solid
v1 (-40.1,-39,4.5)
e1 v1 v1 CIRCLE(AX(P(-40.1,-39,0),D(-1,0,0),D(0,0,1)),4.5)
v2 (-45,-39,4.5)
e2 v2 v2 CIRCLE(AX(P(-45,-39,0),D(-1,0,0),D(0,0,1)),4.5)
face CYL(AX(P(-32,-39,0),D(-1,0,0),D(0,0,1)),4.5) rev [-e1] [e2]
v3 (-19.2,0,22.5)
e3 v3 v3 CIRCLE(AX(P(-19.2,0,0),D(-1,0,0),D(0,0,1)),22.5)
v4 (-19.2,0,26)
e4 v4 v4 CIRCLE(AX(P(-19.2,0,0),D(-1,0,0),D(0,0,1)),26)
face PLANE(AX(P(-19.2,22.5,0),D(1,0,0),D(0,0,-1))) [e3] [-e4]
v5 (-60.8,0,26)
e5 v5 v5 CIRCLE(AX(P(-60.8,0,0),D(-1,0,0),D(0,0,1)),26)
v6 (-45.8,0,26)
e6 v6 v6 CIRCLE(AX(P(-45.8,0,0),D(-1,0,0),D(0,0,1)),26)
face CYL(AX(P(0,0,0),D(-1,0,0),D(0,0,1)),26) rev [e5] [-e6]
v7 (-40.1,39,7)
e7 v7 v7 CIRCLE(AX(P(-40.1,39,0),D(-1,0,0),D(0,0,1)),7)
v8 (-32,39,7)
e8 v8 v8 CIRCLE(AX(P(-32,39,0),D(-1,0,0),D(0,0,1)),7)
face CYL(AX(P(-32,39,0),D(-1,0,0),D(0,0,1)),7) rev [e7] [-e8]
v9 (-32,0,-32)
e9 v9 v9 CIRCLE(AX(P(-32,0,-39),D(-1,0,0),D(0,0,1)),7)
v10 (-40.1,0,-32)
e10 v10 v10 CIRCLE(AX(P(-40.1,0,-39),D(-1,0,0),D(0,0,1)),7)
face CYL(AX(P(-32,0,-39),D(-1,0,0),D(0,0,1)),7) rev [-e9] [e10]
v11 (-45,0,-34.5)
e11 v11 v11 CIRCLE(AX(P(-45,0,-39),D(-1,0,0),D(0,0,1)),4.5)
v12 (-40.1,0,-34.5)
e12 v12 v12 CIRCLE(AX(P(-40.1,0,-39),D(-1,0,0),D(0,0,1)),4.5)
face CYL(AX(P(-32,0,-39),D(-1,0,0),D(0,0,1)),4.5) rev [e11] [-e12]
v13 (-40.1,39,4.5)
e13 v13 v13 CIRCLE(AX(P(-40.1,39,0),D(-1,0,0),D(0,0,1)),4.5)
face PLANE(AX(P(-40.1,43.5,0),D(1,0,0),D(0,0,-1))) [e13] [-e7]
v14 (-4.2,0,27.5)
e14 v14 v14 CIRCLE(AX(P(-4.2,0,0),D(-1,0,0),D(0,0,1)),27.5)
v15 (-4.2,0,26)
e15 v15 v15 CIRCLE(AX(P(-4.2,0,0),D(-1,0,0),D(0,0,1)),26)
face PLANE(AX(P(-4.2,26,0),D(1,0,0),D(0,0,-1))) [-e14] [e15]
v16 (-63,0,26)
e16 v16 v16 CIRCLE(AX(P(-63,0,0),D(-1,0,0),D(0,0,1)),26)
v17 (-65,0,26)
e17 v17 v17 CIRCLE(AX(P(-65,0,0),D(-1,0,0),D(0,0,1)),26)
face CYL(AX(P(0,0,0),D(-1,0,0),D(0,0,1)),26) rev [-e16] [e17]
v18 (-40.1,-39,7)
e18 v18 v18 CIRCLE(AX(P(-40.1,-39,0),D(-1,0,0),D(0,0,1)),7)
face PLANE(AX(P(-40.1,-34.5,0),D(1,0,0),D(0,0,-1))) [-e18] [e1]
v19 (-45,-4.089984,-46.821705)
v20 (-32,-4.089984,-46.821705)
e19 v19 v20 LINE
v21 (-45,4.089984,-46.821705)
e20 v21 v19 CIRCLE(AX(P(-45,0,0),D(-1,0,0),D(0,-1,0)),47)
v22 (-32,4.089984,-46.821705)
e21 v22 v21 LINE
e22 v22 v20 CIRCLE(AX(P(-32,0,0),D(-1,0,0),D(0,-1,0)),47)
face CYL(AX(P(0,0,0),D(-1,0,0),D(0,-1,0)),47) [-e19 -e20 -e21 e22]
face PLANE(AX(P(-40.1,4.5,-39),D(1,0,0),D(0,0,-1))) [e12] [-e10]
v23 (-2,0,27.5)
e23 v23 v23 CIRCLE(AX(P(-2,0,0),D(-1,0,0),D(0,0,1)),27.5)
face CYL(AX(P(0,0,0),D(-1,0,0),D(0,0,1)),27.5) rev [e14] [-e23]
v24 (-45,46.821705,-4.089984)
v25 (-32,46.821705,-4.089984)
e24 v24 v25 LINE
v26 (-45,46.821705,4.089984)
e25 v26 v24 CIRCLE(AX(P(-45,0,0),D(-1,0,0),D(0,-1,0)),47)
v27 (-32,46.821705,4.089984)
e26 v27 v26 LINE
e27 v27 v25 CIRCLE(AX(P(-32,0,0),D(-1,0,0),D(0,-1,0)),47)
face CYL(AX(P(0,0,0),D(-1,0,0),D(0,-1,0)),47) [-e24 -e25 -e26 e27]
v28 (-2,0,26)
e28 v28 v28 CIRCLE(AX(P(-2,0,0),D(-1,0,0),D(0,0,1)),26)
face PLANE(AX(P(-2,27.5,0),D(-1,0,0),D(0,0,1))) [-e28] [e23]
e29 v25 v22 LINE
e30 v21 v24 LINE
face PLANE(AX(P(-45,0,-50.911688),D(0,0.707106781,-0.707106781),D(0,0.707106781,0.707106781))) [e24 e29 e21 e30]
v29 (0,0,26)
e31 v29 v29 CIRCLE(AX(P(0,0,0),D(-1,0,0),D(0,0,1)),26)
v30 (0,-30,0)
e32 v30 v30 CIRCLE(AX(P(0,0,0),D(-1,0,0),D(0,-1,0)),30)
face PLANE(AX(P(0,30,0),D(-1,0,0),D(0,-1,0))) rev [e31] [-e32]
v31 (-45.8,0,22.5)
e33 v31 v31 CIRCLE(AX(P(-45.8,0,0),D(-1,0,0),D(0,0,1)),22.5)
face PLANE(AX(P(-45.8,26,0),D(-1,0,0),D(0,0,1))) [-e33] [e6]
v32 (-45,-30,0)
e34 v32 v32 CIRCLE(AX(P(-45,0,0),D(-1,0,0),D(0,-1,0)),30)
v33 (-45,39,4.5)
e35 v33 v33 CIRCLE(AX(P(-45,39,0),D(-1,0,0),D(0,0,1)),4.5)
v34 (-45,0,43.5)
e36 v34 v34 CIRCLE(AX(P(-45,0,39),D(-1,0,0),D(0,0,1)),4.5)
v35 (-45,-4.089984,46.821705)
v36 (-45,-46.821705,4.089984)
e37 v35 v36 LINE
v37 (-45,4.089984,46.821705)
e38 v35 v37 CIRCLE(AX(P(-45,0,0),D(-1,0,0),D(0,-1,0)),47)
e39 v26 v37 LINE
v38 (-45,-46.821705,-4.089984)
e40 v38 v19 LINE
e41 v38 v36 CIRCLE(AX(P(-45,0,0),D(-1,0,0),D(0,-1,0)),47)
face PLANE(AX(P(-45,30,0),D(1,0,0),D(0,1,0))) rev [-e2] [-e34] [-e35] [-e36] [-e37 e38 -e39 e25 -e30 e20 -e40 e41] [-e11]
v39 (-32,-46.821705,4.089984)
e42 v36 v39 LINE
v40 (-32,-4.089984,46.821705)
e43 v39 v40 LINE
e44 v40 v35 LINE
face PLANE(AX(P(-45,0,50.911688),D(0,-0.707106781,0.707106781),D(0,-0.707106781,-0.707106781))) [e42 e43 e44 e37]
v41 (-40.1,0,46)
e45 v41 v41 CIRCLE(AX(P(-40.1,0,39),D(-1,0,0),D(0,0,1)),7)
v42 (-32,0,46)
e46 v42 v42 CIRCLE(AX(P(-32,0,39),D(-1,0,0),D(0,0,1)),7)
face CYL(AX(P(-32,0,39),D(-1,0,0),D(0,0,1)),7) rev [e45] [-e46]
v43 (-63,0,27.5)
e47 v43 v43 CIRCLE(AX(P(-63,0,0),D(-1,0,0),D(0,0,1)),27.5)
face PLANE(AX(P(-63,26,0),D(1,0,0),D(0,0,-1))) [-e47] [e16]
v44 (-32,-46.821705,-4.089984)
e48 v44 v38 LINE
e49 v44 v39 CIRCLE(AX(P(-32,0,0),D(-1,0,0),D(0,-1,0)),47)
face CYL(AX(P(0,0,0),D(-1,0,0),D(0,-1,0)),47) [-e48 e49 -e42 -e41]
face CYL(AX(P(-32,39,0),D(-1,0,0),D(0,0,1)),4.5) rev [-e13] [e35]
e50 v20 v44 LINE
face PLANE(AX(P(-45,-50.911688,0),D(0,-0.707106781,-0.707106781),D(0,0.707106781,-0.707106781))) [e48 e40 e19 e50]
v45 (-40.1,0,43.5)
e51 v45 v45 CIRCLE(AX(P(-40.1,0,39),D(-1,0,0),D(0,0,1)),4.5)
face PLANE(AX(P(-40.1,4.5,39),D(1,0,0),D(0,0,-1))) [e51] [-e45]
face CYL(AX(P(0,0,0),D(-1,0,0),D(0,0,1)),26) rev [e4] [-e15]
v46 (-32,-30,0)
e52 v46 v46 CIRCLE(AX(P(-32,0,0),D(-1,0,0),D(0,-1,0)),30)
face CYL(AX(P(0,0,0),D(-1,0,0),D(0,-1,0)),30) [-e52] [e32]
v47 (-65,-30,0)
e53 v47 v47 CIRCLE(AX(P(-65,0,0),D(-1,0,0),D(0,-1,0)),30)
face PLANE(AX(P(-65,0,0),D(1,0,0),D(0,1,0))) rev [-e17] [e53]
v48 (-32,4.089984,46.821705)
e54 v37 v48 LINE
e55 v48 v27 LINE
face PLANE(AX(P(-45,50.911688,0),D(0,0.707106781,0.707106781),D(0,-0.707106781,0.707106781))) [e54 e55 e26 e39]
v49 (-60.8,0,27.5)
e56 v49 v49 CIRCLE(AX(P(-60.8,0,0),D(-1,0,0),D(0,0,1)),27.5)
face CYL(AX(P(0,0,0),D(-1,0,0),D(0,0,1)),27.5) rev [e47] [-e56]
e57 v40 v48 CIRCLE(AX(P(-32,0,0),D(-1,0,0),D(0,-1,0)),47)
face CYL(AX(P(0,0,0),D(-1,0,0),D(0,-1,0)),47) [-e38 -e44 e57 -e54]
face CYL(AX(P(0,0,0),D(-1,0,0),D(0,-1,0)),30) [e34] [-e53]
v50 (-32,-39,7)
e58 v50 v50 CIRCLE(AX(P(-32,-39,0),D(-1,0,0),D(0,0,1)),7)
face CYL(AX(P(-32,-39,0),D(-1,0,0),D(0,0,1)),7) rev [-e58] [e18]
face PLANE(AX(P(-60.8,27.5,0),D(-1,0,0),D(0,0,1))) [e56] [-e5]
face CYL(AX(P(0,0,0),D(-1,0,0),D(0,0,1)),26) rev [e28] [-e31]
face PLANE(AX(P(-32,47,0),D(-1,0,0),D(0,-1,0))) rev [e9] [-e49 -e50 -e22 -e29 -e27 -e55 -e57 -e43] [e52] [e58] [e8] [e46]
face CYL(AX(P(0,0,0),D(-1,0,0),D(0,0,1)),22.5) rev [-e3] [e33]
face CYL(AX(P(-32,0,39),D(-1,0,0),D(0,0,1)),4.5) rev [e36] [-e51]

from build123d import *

# Parameters (mm, degrees)
SKETCH7_R          = 72
CUT_EXTRUDE1_DEPTH = 13


with BuildPart() as part:
    # Sketch1 → Revolve1 (revolve)
    with BuildSketch(Plane.XY, mode=Mode.PRIVATE) as revolve1_sk:
        Polygon((-65, 0), (-65, 30), (-45, 30), (-45, 47), (-32, 47), (-32, 30), (0, 30), (0, 0), align=None)
    revolve(revolve1_sk.sketch.rotate(Axis((0, 0, 0), (-1, 0, 0)), 180), axis=Axis((0, 0, 0), (-1, 0, 0)))

    # Sketch2 → Cut-Revolve1 (revolve, cut)
    with BuildSketch(Plane.XY, mode=Mode.PRIVATE) as cut_revolve1_sk:
        Polygon((-65, 0), (-65, 26), (-63, 26), (-63, 27.5), (-60.8, 27.5), (-60.8, 26), (-45.8, 26), (-45.8, 22.5), (-19.2, 22.5), (-19.2, 26), (-4.2, 26), (-4.2, 27.5), (-2, 27.5), (-2, 26), (0, 26), (0, 0), align=None)
    revolve(cut_revolve1_sk.sketch.rotate(Axis((0, 0, 0), (-1, 0, 0)), 270), axis=Axis((0, 0, 0), (-1, 0, 0)), mode=Mode.SUBTRACT)

    # Sketch3 → Cut-Revolve2 (revolve, cut)
    with BuildSketch(Plane.XY, mode=Mode.PRIVATE) as cut_revolve2_sk:
        Polygon((-45, 39), (-45, 43.5), (-40.1, 43.5), (-40.1, 46), (-32, 46), (-32, 39), align=None)
    revolve(cut_revolve2_sk.sketch.rotate(Axis((-32, 39, 0), (-1, 0, 0)), 270), axis=Axis((-32, 39, 0), (-1, 0, 0)), mode=Mode.SUBTRACT)

    # Sketch4 → Cut-Revolve3 (revolve, cut)
    with BuildSketch(Plane.XY.offset(39), mode=Mode.PRIVATE) as cut_revolve3_sk:
        Polygon((-45, 0), (-45, 4.5), (-40.1, 4.5), (-40.1, 7), (-32, 7), (-32, 0), align=None)
    revolve(cut_revolve3_sk.sketch.rotate(Axis((-32, 0, 39), (-1, 0, 0)), 270), axis=Axis((-32, 0, 39), (-1, 0, 0)), mode=Mode.SUBTRACT)

    # Sketch5 → Cut-Revolve4 (revolve, cut)
    with BuildSketch(Plane.XY, mode=Mode.PRIVATE) as cut_revolve4_sk:
        Polygon((-45, -39), (-45, -34.5), (-40.1, -34.5), (-40.1, -32), (-32, -32), (-32, -39), align=None)
    revolve(cut_revolve4_sk.sketch.rotate(Axis((-32, -39, 0), (-1, 0, 0)), 270), axis=Axis((-32, -39, 0), (-1, 0, 0)), mode=Mode.SUBTRACT)

    # Sketch6 → Cut-Revolve5 (revolve, cut)
    with BuildSketch(Plane.XY.offset(-39), mode=Mode.PRIVATE) as cut_revolve5_sk:
        Polygon((-45, 0), (-45, 4.5), (-40.1, 4.5), (-40.1, 7), (-32, 7), (-32, 0), align=None)
    revolve(cut_revolve5_sk.sketch.rotate(Axis((-32, 0, -39), (-1, 0, 0)), 270), axis=Axis((-32, 0, -39), (-1, 0, 0)), mode=Mode.SUBTRACT)

    # Sketch7 → Cut-Extrude1 (cut)
    with BuildSketch(Plane(origin=(-32, 0, 0), x_dir=(0, 0, -1), z_dir=(1, 0, 0))):
        Circle(SKETCH7_R)
        Polygon((-50.911688245, 0), (0, -50.911688245), (50.911688245, 0), (0, 50.911688245), align=None, mode=Mode.SUBTRACT)
    extrude(amount=-CUT_EXTRUDE1_DEPTH, mode=Mode.SUBTRACT)


solid = part.part
